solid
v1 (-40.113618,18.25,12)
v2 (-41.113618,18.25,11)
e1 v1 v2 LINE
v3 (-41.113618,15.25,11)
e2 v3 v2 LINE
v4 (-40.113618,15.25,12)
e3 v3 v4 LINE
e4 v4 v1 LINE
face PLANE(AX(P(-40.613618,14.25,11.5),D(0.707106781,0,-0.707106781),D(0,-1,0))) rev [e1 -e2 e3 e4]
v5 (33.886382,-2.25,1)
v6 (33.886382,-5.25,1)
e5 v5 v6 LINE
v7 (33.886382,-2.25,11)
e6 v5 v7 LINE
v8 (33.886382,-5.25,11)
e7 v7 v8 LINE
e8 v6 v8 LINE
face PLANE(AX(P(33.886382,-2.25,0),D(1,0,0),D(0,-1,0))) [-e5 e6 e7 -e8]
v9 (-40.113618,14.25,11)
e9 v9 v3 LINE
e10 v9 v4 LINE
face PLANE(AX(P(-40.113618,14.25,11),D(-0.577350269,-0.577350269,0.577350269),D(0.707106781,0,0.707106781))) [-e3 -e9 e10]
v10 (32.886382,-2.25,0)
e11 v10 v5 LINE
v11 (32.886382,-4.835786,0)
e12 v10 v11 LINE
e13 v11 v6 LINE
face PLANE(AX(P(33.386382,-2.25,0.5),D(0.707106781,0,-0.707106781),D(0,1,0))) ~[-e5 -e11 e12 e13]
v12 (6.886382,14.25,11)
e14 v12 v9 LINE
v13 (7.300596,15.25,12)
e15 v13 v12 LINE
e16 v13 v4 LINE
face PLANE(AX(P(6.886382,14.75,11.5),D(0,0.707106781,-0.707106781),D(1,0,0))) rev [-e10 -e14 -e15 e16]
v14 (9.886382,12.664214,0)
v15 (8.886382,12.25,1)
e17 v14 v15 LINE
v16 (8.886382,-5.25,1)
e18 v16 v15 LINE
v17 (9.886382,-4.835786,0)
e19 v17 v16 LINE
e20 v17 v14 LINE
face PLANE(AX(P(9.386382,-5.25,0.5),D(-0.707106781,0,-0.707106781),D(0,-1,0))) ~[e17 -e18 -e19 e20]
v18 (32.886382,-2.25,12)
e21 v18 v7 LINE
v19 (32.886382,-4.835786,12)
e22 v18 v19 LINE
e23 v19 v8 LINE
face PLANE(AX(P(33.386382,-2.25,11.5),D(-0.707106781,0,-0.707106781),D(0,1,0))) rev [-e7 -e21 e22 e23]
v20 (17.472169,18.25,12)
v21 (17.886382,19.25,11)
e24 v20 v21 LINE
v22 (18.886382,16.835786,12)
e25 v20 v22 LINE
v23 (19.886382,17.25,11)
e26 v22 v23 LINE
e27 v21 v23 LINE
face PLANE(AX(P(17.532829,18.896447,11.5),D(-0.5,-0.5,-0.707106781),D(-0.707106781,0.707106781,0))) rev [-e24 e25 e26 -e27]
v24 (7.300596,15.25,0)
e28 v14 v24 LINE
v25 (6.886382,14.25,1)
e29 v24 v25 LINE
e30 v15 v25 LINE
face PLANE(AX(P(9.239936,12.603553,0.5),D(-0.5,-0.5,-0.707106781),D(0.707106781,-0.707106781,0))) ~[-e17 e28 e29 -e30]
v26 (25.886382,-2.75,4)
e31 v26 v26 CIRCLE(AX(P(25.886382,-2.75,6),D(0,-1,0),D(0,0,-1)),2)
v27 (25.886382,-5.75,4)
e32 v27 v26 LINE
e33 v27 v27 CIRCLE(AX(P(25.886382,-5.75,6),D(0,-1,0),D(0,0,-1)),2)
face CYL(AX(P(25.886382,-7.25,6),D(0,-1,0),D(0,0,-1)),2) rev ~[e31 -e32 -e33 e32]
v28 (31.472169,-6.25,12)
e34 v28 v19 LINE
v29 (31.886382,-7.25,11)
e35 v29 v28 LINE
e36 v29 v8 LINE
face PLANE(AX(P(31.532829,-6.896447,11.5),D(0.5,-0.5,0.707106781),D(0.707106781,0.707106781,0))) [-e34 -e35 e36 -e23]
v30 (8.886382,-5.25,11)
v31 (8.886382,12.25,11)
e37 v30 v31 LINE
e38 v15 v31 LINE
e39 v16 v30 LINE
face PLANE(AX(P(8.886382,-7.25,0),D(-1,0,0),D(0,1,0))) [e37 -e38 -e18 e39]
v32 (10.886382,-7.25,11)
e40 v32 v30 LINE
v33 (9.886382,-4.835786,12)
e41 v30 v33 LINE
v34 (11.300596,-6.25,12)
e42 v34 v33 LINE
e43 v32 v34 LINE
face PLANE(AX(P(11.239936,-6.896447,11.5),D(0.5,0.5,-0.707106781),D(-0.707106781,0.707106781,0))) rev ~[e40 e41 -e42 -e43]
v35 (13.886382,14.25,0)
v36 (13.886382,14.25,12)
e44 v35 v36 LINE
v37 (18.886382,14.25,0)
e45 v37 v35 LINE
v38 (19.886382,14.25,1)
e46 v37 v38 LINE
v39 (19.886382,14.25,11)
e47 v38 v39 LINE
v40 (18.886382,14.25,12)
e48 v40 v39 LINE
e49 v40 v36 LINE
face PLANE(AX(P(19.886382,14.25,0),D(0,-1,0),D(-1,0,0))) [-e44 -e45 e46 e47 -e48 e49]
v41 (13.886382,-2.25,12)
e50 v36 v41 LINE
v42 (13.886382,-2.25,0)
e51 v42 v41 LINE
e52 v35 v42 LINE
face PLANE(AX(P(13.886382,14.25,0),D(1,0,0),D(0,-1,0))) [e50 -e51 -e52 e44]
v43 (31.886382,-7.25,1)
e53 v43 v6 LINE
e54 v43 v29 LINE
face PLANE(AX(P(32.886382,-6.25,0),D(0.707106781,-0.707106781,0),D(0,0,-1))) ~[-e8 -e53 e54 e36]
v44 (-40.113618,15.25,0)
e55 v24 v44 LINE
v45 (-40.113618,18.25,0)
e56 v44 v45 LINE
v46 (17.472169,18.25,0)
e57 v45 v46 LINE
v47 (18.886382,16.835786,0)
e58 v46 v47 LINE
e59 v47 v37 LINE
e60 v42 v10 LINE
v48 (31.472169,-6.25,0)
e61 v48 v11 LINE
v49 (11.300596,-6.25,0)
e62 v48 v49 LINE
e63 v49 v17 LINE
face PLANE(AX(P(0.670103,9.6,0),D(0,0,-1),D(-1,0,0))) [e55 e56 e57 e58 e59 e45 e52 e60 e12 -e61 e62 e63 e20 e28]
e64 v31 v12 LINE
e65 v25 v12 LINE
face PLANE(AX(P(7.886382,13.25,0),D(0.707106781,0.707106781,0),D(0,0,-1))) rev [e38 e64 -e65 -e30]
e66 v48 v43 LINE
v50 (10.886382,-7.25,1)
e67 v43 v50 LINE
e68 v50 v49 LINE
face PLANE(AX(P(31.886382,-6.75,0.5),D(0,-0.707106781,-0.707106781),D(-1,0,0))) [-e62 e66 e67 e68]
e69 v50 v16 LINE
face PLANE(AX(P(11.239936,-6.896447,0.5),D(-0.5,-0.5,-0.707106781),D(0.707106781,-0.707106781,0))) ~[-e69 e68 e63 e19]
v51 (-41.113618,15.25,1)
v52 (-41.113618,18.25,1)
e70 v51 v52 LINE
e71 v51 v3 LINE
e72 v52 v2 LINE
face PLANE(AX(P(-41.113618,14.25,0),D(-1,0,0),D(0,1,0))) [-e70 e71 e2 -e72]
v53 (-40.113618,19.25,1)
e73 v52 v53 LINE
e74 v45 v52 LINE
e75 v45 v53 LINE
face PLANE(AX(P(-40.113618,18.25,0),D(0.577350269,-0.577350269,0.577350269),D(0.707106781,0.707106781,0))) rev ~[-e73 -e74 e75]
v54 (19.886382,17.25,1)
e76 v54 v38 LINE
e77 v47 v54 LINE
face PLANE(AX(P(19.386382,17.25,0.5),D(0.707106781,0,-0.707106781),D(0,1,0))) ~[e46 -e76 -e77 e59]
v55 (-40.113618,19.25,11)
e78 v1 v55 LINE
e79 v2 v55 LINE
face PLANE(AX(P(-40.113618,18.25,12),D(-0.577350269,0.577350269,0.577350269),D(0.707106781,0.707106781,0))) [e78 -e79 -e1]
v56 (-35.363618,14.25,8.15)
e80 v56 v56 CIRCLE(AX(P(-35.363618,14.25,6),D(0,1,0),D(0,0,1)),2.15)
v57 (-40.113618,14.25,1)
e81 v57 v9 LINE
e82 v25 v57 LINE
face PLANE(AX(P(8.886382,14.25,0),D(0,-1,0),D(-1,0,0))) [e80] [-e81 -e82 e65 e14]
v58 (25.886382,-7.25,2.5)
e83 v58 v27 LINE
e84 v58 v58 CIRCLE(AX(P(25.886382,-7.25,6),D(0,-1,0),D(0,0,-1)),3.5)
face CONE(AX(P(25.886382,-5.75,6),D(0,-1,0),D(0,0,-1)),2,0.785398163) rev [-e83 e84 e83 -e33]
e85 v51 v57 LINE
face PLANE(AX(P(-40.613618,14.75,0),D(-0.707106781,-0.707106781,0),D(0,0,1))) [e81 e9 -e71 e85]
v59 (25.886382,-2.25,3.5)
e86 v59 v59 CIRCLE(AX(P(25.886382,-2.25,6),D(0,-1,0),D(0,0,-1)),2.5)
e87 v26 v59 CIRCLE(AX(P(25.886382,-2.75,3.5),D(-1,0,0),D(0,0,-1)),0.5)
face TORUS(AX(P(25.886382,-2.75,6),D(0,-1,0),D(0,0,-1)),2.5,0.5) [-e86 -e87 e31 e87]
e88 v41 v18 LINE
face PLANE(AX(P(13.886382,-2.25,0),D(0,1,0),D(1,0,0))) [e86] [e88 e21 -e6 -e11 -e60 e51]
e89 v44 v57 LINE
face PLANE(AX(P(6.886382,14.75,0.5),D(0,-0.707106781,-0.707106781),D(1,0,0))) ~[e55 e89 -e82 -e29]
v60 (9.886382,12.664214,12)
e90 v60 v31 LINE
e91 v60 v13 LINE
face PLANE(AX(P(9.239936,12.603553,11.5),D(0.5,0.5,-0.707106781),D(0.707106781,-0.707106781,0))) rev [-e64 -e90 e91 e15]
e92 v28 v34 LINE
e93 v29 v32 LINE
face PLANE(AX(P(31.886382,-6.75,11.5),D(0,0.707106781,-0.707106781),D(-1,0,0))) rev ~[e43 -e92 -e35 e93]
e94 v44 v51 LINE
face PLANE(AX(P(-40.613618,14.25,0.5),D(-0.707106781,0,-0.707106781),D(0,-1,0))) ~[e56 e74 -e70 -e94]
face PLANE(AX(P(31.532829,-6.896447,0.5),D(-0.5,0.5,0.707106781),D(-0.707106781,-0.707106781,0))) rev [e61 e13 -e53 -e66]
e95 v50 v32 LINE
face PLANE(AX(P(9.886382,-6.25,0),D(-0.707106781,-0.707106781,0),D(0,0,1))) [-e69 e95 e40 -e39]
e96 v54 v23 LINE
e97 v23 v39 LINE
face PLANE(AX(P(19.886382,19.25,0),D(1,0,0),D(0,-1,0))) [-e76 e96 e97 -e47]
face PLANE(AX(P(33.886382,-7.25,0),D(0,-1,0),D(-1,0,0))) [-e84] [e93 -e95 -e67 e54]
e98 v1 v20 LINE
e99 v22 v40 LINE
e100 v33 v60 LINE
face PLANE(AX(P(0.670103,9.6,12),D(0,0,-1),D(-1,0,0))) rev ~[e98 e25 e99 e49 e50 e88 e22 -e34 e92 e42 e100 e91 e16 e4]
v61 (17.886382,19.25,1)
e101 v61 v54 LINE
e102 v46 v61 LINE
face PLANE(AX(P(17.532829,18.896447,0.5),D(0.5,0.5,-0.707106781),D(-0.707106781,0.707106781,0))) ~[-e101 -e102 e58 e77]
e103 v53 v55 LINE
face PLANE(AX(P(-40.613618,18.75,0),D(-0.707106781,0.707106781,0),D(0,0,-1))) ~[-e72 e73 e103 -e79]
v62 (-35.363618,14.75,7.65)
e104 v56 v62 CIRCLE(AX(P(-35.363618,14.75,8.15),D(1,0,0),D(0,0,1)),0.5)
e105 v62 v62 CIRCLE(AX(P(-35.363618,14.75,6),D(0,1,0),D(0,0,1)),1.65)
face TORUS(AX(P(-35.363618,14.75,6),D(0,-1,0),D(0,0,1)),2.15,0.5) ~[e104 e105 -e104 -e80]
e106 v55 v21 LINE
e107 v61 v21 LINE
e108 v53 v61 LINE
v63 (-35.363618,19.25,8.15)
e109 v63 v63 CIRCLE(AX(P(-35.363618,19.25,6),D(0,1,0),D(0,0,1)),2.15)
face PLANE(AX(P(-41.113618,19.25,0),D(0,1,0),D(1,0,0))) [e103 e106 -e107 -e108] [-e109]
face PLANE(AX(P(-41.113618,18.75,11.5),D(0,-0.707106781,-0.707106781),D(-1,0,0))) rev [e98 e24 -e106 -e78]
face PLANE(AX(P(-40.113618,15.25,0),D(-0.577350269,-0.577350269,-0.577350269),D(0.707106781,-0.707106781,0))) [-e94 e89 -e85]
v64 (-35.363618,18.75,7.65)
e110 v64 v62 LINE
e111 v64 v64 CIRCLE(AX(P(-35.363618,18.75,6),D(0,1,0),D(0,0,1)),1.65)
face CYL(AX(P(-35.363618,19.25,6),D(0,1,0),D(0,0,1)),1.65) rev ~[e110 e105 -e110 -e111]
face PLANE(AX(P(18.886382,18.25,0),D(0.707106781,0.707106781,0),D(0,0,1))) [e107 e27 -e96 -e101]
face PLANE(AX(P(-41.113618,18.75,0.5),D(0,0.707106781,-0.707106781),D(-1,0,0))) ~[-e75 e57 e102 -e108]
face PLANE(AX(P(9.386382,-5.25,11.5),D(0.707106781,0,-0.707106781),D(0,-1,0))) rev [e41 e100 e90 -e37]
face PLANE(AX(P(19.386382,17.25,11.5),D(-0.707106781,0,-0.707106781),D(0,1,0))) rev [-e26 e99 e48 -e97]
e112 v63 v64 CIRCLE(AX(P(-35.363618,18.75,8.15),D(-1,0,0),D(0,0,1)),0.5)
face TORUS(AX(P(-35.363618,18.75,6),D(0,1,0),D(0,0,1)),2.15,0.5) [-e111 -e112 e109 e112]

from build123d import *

# Parameters (mm, degrees)
RESSALTO_EXTRUS_O1_DEPTH = 12
ESBO_O3_R                = 2
CORTE_EXTRUS_O1_DEPTH    = 15
CHANFRO1_SIZE            = 1.5
FILETE1_R                = 0.5
CHANFRO5_SIZE            = 2
CHANFRO8_SIZE            = 1
ESBO_O4_R                = 1.65
CORTE_EXTRUS_O2_DEPTH    = 10
FILETE2_R                = 0.5


with BuildPart() as part:
    # Esboço1 → Ressalto-extrusão1 (new body)
    with BuildSketch(Plane.XY):
        Polygon((19.886382163, 14.25), (13.886382163, 14.25), (13.886382163, -2.25), (33.886382163, -2.25), (33.886382163, -7.25), (8.886382163, -7.25), (8.886382163, 14.25), (-41.113617837, 14.25), (-41.113617837, 19.25), (19.886382163, 19.25), align=None)
    extrude(amount=RESSALTO_EXTRUS_O1_DEPTH)

    # Esboço3 → Corte-extrusão1 (cut)
    with BuildSketch(Plane.XZ.offset(7.25)):
        with Locations(Location((25.886382163, 6, 0), (0, 0, 270))):
            Circle(ESBO_O3_R)
    extrude(amount=-CORTE_EXTRUS_O1_DEPTH, mode=Mode.SUBTRACT)

    # Chanfro1
    chanfro1_edges = [part.edges().sort_by_distance(p)[0] for p in [
        (25.886382163, -7.25, 8),
    ]]
    chamfer(chanfro1_edges, length=CHANFRO1_SIZE)

    # Filete1
    filete1_edges = [part.edges().sort_by_distance(p)[0] for p in [
        (25.886382163, -2.25, 8),
    ]]
    fillet(filete1_edges, radius=FILETE1_R)

    # Chanfro5
    chanfro5_edges = [part.edges().sort_by_distance(p)[0] for p in [
        (33.886382163, -7.25, 6),
        (8.886382163, -7.25, 6),
        (8.886382163, 14.25, 6),
        (19.886382163, 19.25, 6),
    ]]
    chamfer(chanfro5_edges, length=CHANFRO5_SIZE)

    # Chanfro8
    chanfro8_edges = [part.edges().sort_by_distance(p)[0] for p in [
        (-41.113617837, 19.25, 6),
        (-41.113617837, 16.75, 12),
        (-41.113617837, 14.25, 6),
        (-41.113617837, 16.75, 0),
        (19.886382163, 15.75, 0),
        (-11.613617837, 19.25, 0),
        (33.886382163, -3.75, 0),
        (32.886382163, -6.25, 0),
        (21.386382163, -7.25, 0),
        (9.886382163, -6.25, 0),
        (8.886382163, 3.5, 0),
        (7.886382163, 13.25, 0),
        (-17.113617837, 14.25, 0),
        (33.886382163, -3.75, 12),
        (32.886382163, -6.25, 12),
        (21.386382163, -7.25, 12),
        (9.886382163, -6.25, 12),
        (8.886382163, 3.5, 12),
        (7.886382163, 13.25, 12),
        (-17.113617837, 14.25, 12),
        (19.886382163, 15.75, 12),
        (-11.613617837, 19.25, 12),
        (18.886382163, 18.25, 0),
        (18.886382163, 18.25, 12),
    ]]
    chamfer(chanfro8_edges, length=CHANFRO8_SIZE)

    # Esboço4 → Corte-extrusão2 (cut)
    with BuildSketch(Plane(origin=(0, 19.25, 0), x_dir=(1, 0, 0), z_dir=(0, 1, 0))):
        with Locations(Location((-35.363617837, -6, 0), (0, 0, 270))):
            Circle(ESBO_O4_R)
    extrude(amount=-CORTE_EXTRUS_O2_DEPTH, mode=Mode.SUBTRACT)

    # Filete2
    filete2_edges = [part.edges().sort_by_distance(p)[0] for p in [
        (-35.363617837, 14.25, 4.35),
        (-35.363617837, 19.25, 4.35),
    ]]
    fillet(filete2_edges, radius=FILETE2_R)


solid = part.part
